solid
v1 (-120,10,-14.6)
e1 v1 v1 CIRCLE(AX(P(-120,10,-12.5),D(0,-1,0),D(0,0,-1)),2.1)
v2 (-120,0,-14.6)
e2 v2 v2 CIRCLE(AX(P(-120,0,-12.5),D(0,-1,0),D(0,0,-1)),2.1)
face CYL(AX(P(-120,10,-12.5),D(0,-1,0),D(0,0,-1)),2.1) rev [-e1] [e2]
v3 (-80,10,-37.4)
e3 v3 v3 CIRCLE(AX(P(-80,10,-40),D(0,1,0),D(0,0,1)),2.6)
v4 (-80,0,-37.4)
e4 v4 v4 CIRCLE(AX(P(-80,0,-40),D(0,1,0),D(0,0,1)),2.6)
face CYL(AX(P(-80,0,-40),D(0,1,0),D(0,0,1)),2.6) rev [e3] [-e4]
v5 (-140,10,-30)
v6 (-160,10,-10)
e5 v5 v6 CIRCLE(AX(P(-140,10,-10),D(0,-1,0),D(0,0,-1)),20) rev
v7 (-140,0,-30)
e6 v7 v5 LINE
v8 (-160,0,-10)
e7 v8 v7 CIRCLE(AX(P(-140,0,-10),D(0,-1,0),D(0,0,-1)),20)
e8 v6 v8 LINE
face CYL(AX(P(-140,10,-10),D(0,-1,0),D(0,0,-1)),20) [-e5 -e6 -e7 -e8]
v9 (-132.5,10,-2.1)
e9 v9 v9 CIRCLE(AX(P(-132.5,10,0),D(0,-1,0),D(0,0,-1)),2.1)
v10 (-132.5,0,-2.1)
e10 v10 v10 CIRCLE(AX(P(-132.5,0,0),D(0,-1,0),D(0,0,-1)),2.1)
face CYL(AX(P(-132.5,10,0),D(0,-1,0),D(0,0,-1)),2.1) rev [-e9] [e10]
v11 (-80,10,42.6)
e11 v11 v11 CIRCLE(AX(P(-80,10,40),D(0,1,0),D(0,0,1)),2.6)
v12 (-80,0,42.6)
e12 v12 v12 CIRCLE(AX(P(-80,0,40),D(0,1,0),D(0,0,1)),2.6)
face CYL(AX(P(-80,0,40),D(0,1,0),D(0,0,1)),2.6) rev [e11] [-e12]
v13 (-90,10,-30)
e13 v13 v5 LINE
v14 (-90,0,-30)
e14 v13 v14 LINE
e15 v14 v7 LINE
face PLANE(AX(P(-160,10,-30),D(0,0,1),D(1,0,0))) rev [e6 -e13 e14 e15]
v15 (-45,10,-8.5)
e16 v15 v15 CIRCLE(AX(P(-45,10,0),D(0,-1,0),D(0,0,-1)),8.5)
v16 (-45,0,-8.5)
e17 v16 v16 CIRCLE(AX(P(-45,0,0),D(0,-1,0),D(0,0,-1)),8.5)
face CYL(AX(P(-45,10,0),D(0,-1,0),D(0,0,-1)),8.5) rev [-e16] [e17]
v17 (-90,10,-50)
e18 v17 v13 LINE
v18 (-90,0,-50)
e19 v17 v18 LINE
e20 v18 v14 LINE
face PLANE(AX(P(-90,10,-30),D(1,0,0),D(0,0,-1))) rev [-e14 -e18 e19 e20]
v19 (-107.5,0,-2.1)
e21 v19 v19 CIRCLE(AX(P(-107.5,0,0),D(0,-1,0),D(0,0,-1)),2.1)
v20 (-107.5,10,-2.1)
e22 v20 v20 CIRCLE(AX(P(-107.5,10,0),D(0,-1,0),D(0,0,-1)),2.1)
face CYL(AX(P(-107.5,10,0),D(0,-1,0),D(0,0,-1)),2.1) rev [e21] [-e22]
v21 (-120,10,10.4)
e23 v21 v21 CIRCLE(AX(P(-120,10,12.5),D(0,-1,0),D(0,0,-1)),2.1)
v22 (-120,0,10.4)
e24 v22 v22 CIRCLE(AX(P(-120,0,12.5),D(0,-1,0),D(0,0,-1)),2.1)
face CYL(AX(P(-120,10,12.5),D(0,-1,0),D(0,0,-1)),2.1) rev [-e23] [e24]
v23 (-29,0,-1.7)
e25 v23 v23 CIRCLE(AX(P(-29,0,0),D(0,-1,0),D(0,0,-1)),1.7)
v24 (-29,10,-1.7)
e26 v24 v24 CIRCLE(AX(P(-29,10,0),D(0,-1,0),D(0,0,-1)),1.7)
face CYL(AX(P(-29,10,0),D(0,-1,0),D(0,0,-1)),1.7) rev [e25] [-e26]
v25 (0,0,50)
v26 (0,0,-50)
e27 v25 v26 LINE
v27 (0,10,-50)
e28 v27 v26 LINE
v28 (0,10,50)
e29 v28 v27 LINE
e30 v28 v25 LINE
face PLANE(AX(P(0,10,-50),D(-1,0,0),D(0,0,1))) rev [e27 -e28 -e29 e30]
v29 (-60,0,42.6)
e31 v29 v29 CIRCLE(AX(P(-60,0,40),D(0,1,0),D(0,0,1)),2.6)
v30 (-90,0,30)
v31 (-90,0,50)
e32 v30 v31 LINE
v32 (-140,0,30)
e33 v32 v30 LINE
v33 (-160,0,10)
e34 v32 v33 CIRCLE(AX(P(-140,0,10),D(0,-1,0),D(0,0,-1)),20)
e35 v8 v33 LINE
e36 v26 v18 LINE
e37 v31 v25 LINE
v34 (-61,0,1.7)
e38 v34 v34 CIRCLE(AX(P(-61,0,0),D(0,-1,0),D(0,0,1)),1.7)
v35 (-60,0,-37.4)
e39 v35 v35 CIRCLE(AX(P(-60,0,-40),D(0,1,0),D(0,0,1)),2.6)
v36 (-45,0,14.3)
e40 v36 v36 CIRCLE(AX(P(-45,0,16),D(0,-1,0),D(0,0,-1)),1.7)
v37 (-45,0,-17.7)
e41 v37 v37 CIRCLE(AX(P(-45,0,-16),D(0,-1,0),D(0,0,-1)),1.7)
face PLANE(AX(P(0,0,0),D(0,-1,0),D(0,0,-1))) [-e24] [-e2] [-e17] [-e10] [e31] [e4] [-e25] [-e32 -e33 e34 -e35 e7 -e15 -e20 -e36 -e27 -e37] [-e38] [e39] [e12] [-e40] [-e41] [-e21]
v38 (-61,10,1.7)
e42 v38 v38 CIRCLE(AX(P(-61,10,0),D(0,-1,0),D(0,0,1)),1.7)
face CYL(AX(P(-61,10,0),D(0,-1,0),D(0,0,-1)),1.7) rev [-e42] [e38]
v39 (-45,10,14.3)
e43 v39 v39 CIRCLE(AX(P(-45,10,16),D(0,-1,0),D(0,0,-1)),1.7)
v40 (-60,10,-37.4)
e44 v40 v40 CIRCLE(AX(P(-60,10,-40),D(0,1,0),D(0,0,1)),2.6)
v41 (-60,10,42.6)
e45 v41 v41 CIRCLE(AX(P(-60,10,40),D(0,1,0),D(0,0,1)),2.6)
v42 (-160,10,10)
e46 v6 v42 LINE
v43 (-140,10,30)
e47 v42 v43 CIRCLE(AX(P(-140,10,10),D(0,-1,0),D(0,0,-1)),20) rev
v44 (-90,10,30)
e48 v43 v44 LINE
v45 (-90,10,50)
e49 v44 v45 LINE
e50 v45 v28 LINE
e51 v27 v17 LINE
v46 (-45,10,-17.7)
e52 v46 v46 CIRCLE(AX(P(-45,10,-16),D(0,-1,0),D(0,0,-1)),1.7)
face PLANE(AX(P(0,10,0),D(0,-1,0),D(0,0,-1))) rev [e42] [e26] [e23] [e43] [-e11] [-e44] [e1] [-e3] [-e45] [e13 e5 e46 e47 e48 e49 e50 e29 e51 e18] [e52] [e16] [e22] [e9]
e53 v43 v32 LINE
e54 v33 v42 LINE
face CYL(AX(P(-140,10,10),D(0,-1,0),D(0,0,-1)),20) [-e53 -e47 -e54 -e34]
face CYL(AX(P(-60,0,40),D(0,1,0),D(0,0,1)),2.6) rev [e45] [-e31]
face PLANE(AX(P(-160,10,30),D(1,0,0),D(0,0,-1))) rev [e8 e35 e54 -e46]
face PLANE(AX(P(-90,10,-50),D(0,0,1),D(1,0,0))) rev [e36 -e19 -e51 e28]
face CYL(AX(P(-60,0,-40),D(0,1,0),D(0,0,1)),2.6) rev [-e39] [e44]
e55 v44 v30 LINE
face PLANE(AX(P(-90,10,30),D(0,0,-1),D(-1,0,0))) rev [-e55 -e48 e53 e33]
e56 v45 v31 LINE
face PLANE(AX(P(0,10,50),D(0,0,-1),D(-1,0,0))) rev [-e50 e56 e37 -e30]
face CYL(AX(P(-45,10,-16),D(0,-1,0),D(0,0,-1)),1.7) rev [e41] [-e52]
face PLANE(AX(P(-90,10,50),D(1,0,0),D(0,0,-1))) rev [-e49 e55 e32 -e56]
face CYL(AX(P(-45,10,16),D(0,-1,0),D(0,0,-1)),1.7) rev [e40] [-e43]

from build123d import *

# Parameters (mm, degrees)
EXTRUDE_2_DEPTH      = 10
FILLET_2_R           = 20
SKETCH_4_R           = 2.6
CUT_EXTRUDE_2_DEPTH  = 168.928556237
SKETCH_5_R           = 8.5
CUT_EXTRUDE_3_DEPTH  = 168.928556237
SKETCH_17_R          = 1.7
CUT_EXTRUDE_11_DEPTH = 10
SKETCH_18_R          = 2.1
CUT_EXTRUDE_12_DEPTH = 10


with BuildPart() as part:
    # 草图2 → 凸台-拉伸2 (new body)
    with BuildSketch(Plane(origin=(0, 0, 0), x_dir=(1, 0, 0), z_dir=(0, 1, 0))):
        Polygon((0, 50), (0, -50), (-90, -50), (-90, -30), (-160, -30), (-160, 30), (-90, 30), (-90, 50), align=None)
    extrude(amount=EXTRUDE_2_DEPTH)

    # 圆角2
    fillet_2_edges = [part.edges().sort_by_distance(p)[0] for p in [
        (-160, 5, 30),
        (-160, 5, -30),
    ]]
    fillet(fillet_2_edges, radius=FILLET_2_R)

    # 草图4 → 切除-拉伸2 (cut, through all)
    with BuildSketch(Plane(origin=(0, 10, 0), x_dir=(1, 0, 0), z_dir=(0, 1, 0))):
        with Locations(Location((-60, -40, 0), (0, 0, 270))):
            Circle(SKETCH_4_R)
        with Locations(Location((-80, -40, 0), (0, 0, 270))):
            Circle(SKETCH_4_R)
        with Locations(Location((-80, 40, 0), (0, 0, 270))):
            Circle(SKETCH_4_R)
        with Locations(Location((-60, 40, 0), (0, 0, 270))):
            Circle(SKETCH_4_R)
    extrude(amount=-CUT_EXTRUDE_2_DEPTH, mode=Mode.SUBTRACT)

    # 草图5 → 切除-拉伸3 (cut, through all)
    with BuildSketch(Plane.XZ):
        with Locations(Location((-45, 0, 0), (0, 0, 270))):
            Circle(SKETCH_5_R)
    extrude(amount=-CUT_EXTRUDE_3_DEPTH, mode=Mode.SUBTRACT)

    # 草图17 → 切除-拉伸11 (cut)
    with BuildSketch(Plane.XZ):
        with Locations(Location((-45, 16, 0), (0, 0, 270))):
            Circle(SKETCH_17_R)
        with Locations(Location((-45, -16, 0), (0, 0, 270))):
            Circle(SKETCH_17_R)
        with Locations(Location((-29, 0, 0), (0, 0, 270))):
            Circle(SKETCH_17_R)
        with Locations(Location((-61, 0, 0), (0, 0, 90))):
            Circle(SKETCH_17_R)
    extrude(amount=-CUT_EXTRUDE_11_DEPTH, mode=Mode.SUBTRACT)

    # 草图18 → 切除-拉伸12 (cut)
    with BuildSketch(Plane.XZ):
        with Locations(Location((-120, 12.5, 0), (0, 0, 270))):
            Circle(SKETCH_18_R)
        with Locations(Location((-132.5, 0, 0), (0, 0, 270))):
            Circle(SKETCH_18_R)
        with Locations(Location((-120, -12.5, 0), (0, 0, 270))):
            Circle(SKETCH_18_R)
        with Locations(Location((-107.5, 0, 0), (0, 0, 270))):
            Circle(SKETCH_18_R)
    extrude(amount=-CUT_EXTRUDE_12_DEPTH, mode=Mode.SUBTRACT)


solid = part.part
